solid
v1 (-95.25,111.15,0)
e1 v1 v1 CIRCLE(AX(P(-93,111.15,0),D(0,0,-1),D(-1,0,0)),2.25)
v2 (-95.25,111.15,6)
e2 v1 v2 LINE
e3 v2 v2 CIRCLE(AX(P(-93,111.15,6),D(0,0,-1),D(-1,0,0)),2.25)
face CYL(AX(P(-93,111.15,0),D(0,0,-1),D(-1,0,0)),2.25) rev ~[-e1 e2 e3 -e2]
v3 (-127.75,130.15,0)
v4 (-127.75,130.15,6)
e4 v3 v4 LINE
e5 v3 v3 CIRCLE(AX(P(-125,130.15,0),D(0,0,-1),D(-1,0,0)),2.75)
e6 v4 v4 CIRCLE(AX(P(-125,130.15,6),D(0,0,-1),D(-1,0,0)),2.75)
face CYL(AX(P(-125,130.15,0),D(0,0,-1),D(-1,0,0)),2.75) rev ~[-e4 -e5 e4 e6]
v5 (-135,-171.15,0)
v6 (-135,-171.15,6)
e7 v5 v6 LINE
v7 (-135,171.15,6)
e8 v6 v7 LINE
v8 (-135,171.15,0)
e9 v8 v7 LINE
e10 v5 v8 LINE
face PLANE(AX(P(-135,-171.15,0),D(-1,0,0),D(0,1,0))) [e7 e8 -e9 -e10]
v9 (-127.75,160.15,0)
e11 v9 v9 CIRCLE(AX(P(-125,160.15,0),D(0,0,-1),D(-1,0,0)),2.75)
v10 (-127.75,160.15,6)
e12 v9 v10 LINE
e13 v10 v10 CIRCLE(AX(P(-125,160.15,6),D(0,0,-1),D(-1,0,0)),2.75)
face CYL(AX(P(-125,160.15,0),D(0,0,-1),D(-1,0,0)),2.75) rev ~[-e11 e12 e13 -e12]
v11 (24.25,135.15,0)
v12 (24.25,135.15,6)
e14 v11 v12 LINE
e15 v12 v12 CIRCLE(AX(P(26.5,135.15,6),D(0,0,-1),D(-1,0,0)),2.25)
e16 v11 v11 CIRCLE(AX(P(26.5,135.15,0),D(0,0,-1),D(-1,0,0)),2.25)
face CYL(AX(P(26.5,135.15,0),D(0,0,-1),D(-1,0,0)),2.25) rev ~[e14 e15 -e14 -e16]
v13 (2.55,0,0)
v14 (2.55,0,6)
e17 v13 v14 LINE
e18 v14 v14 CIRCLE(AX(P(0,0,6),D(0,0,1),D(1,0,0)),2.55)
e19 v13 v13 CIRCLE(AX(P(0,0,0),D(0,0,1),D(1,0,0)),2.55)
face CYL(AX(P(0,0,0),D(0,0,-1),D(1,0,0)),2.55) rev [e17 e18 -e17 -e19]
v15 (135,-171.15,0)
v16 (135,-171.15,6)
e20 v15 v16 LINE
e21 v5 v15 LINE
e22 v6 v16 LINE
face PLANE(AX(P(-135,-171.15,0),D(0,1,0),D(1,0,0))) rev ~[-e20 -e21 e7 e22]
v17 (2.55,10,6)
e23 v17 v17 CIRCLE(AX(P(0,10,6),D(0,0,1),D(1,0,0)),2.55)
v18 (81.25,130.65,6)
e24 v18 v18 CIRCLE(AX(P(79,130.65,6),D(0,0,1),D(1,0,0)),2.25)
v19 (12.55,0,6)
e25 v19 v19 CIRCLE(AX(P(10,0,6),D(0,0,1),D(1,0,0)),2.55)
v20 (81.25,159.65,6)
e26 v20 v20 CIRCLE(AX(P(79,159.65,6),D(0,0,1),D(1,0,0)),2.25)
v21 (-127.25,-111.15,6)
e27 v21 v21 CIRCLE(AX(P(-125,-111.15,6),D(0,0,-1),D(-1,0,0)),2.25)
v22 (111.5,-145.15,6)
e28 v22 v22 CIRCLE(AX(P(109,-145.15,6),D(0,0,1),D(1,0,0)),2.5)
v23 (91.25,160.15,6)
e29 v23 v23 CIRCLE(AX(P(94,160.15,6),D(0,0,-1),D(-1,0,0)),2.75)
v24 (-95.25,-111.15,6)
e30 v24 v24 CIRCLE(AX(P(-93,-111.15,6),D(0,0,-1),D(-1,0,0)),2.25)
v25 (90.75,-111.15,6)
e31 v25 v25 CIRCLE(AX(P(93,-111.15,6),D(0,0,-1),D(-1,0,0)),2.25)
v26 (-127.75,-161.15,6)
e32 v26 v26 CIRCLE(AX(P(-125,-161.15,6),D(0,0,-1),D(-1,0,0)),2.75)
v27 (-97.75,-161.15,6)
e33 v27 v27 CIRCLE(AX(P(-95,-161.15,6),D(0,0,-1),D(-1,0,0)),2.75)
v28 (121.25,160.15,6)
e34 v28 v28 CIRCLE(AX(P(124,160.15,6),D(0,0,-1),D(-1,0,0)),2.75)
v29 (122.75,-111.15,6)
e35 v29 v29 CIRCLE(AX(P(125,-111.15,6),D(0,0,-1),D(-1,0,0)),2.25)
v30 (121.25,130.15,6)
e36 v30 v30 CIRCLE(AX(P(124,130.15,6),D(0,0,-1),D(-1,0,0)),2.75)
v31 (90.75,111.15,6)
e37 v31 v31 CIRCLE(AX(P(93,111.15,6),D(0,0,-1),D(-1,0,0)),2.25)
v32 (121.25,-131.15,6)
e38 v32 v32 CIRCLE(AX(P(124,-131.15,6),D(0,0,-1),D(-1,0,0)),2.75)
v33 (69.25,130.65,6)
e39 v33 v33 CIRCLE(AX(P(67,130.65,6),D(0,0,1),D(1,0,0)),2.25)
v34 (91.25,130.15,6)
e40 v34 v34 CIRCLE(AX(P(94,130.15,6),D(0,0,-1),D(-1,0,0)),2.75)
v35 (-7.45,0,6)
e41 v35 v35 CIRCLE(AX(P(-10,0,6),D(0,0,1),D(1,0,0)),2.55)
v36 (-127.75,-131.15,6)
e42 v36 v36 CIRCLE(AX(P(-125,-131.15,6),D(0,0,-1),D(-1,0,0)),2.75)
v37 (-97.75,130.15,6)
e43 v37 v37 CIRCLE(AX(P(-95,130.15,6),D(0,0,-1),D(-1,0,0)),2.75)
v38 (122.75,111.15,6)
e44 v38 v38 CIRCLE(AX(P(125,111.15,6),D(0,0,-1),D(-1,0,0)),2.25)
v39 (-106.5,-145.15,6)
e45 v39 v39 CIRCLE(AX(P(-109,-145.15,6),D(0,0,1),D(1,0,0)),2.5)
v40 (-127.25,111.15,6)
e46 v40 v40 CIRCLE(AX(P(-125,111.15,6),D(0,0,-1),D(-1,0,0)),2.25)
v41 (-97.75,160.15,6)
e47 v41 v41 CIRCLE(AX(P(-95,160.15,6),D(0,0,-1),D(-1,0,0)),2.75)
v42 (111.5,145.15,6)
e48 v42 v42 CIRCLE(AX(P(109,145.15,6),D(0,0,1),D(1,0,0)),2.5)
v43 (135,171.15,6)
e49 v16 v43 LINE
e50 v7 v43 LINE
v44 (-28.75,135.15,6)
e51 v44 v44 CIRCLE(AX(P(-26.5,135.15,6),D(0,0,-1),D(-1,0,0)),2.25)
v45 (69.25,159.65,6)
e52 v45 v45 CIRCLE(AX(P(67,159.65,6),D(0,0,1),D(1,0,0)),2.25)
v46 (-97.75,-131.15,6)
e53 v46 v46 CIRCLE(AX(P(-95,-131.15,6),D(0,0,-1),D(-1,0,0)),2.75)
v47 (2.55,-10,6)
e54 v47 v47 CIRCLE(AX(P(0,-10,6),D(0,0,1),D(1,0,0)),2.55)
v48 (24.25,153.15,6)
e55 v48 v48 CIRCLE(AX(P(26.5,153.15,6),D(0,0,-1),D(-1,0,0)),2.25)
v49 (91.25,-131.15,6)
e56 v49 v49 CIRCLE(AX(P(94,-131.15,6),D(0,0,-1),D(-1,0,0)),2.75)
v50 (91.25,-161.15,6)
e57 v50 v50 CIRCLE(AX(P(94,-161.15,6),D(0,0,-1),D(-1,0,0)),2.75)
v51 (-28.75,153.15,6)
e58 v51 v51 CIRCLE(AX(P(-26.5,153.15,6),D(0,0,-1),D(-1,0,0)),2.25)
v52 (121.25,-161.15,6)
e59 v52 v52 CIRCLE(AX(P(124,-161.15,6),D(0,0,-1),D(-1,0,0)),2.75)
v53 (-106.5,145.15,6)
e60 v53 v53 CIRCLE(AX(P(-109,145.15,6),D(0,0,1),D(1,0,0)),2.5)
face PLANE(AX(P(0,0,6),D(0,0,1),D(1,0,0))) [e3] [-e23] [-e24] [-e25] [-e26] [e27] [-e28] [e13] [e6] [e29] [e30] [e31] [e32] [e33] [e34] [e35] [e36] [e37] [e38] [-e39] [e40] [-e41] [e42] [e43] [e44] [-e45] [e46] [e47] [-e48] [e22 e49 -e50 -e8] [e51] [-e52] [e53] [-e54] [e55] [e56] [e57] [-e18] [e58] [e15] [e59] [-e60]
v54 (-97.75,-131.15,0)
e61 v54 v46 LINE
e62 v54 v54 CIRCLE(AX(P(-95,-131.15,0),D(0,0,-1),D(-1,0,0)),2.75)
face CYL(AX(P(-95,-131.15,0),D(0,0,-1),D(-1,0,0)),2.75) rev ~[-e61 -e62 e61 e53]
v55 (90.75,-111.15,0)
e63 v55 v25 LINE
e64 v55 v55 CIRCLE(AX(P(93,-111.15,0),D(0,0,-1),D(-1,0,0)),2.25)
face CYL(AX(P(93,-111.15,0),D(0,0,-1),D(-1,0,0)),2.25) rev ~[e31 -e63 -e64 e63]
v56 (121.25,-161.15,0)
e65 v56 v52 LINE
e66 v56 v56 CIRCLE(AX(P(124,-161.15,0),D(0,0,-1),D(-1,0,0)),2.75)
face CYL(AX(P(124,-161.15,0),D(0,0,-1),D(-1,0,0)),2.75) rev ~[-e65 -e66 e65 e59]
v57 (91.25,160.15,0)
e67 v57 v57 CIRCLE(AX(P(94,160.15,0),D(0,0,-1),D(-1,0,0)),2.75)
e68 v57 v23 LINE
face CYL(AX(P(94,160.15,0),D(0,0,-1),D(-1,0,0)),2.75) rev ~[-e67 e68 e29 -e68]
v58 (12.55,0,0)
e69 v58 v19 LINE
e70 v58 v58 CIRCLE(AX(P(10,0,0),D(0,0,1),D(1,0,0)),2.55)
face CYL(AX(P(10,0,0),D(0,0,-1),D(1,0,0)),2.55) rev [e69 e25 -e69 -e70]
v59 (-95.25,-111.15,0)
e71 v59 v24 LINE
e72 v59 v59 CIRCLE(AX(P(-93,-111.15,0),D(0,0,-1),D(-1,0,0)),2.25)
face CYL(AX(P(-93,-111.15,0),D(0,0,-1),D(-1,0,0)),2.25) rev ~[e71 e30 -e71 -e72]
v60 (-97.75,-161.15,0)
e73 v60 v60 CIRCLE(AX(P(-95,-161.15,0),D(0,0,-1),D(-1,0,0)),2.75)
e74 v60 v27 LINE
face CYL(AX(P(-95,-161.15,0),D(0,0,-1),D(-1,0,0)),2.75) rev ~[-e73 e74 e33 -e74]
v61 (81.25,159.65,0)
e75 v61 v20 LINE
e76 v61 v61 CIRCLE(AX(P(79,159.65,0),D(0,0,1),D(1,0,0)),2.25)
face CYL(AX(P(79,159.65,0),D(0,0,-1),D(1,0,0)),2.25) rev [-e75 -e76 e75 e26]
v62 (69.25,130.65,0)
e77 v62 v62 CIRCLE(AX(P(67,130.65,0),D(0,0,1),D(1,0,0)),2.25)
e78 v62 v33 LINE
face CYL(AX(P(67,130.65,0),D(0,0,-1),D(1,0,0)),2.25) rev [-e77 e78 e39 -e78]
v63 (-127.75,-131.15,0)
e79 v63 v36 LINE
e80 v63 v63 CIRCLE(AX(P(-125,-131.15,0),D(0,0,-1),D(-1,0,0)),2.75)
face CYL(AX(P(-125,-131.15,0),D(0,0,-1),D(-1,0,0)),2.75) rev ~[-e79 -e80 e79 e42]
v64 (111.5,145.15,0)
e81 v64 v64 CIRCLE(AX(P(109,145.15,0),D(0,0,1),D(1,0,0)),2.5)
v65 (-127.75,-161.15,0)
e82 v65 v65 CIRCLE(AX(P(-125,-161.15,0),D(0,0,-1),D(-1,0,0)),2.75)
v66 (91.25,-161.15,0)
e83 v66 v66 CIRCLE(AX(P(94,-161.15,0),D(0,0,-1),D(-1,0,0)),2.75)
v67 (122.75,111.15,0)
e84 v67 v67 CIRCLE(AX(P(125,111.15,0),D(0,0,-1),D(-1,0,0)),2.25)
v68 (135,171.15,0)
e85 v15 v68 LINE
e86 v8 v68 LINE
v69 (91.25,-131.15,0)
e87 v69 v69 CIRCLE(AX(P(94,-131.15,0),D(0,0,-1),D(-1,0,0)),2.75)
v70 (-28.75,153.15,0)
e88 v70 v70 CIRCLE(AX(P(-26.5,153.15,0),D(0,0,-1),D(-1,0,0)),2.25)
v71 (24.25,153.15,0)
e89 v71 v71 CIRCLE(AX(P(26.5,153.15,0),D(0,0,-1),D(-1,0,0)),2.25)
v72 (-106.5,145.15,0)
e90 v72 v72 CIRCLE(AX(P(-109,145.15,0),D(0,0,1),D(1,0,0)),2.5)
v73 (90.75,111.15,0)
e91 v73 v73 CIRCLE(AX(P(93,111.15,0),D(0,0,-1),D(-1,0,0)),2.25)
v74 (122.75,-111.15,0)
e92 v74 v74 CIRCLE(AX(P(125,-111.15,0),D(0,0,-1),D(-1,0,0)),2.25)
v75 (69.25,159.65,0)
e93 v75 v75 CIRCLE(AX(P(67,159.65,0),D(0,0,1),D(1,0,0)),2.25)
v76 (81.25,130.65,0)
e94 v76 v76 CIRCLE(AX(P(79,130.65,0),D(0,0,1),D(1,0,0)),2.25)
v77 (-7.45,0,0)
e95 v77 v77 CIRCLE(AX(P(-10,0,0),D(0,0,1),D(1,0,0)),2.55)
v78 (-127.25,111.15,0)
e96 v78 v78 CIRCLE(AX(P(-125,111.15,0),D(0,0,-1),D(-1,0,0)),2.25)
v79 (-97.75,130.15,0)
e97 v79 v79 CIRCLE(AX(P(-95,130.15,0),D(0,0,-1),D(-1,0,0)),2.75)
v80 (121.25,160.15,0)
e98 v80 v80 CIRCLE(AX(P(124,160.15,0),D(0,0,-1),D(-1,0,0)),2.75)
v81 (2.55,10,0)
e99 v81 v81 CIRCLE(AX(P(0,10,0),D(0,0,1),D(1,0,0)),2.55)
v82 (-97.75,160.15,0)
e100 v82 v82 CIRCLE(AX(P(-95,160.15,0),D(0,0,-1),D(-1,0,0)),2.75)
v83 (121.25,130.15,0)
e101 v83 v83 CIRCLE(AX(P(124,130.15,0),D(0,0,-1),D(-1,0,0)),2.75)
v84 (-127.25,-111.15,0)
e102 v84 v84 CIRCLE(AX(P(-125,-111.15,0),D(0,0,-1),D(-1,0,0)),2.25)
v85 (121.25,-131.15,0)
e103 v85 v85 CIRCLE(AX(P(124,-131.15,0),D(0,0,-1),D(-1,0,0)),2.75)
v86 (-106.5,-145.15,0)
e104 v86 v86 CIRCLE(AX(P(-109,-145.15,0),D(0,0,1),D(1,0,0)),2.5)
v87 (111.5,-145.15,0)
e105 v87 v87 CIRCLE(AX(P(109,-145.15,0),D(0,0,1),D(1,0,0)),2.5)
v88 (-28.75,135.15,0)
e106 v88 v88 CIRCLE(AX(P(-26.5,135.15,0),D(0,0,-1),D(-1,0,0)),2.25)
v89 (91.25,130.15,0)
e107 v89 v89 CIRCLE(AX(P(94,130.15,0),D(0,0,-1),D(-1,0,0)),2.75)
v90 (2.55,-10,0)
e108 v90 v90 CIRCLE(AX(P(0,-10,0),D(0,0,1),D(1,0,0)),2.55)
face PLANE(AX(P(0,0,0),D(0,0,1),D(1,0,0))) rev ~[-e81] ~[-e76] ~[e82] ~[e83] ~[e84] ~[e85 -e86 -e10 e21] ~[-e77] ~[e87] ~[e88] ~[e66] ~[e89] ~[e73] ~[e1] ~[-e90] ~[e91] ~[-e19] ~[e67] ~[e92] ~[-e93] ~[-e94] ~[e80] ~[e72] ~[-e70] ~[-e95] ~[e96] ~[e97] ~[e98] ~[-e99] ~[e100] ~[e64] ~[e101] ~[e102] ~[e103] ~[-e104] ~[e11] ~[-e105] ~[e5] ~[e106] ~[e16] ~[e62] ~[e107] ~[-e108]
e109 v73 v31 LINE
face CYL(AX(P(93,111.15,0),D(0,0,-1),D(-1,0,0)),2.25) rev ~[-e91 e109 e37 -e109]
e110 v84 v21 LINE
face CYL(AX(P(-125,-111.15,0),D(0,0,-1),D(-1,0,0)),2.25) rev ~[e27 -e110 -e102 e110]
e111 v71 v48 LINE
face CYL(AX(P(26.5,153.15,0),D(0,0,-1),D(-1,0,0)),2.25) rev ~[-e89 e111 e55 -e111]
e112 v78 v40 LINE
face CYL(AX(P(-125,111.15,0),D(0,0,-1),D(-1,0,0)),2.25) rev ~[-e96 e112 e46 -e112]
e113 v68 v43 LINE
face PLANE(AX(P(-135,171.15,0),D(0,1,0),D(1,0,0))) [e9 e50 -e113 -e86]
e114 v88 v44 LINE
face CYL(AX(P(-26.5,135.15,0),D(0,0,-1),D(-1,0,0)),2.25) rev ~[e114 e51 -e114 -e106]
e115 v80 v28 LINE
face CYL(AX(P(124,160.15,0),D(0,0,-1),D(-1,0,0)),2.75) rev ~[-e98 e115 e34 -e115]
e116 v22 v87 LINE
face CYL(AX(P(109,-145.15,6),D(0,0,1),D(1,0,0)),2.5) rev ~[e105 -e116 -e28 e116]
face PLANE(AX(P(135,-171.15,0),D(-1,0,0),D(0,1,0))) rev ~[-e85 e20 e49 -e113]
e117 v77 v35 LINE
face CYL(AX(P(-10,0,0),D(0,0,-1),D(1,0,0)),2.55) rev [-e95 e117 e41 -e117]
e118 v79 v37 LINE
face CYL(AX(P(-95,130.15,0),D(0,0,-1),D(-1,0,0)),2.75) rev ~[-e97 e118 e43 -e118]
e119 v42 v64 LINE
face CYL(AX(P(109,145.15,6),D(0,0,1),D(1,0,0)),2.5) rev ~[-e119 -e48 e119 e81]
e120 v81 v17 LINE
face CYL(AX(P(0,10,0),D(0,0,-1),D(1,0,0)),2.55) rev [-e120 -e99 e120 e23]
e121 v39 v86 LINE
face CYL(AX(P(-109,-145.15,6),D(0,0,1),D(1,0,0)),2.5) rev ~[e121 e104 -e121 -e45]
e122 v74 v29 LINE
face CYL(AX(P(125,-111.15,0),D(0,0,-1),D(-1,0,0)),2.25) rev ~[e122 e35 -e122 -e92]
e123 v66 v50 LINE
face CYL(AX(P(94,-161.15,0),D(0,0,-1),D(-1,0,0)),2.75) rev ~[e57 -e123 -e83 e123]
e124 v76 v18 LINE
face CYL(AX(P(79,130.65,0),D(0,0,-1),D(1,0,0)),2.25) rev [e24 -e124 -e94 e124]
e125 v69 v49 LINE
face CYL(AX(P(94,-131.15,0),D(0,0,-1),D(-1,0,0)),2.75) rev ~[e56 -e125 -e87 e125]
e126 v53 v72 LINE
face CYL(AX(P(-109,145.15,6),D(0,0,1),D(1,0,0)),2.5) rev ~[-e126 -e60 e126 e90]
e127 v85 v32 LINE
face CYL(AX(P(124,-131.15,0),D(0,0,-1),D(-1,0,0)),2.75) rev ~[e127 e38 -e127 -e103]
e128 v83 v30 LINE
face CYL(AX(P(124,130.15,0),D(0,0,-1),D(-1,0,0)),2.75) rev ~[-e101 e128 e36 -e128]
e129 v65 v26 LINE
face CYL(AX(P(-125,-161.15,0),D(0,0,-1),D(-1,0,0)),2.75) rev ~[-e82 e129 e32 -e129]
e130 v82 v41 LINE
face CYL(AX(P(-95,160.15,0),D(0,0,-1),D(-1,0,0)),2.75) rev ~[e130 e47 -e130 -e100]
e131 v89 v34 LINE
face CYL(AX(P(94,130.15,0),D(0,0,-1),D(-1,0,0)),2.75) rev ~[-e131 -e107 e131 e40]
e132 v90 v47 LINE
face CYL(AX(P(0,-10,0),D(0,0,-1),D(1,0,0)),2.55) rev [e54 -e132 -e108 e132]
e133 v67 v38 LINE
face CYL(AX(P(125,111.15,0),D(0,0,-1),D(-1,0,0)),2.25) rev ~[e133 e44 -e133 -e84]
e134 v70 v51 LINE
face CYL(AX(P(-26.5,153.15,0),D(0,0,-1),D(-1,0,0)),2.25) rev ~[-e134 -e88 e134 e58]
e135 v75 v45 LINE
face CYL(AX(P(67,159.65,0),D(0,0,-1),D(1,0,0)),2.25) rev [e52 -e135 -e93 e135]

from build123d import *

# Parameters (mm, degrees)
SKETCH_3_W                  = 270
SKETCH_3_H                  = 342.3
SKETCH_3_R                  = 2.55
SKETCH_3_R_2                = 2.25
EXTRUDE_1_DEPTH             = 6
SKETCH_4_R                  = 2.5
CUT_EXTRUDE_1_DEPTH         = 219.06724307
PATTERN_LINEAR_1_COUNT      = 2
PATTERN_LINEAR_1_PITCH      = 218
PATTERN_LINEAR_1_COUNT_DIR2 = 2
PATTERN_LINEAR_1_PITCH_DIR2 = 290.3
SKETCH_7_R                  = 2.25
CUT_EXTRUDE_2_DEPTH         = 219.06724307
SKETCH_8_R                  = 2.25
CUT_EXTRUDE_3_DEPTH         = 219.06724307
PATTERN_LINEAR_2_COUNT      = 2
PATTERN_LINEAR_2_PITCH      = 222.3
PATTERN_LINEAR_2_COUNT_DIR2 = 2
PATTERN_LINEAR_2_PITCH_DIR2 = 218
SKETCH_10_R                 = 2.75
CUT_EXTRUDE_4_DEPTH         = 219.06724307
PATTERN_LINEAR_3_COUNT      = 2
PATTERN_LINEAR_3_PITCH      = 219
PATTERN_LINEAR_3_COUNT_DIR2 = 2
PATTERN_LINEAR_3_PITCH_DIR2 = 291.3


with BuildPart() as part:
    # Эскиз3 → Бобышка-Вытянуть1 (new body)
    with BuildSketch(Plane.XY):
        Rectangle(SKETCH_3_W, SKETCH_3_H)
        Circle(SKETCH_3_R, mode=Mode.SUBTRACT)
        with Locations((0, 10)):
            Circle(SKETCH_3_R, mode=Mode.SUBTRACT)
        with Locations((10, 0)):
            Circle(SKETCH_3_R, mode=Mode.SUBTRACT)
        with Locations((0, -10)):
            Circle(SKETCH_3_R, mode=Mode.SUBTRACT)
        with Locations((-10, 0)):
            Circle(SKETCH_3_R, mode=Mode.SUBTRACT)
        with Locations((67, 159.65)):
            Circle(SKETCH_3_R_2, mode=Mode.SUBTRACT)
        with Locations((79, 159.65)):
            Circle(SKETCH_3_R_2, mode=Mode.SUBTRACT)
        with Locations((67, 130.65)):
            Circle(SKETCH_3_R_2, mode=Mode.SUBTRACT)
        with Locations((79, 130.65)):
            Circle(SKETCH_3_R_2, mode=Mode.SUBTRACT)
    extrude(amount=EXTRUDE_1_DEPTH)

    # Эскиз4 → Вырез-Вытянуть1 (cut, through all)
    with BuildSketch(Plane.XY.offset(6)):
        with Locations((-109, 145.15)):
            Circle(SKETCH_4_R)
    cut_extrude_1 = extrude(amount=-CUT_EXTRUDE_1_DEPTH, mode=Mode.SUBTRACT)

    # Линейный массив1: Cut-Extrude 1 2 × 2
    with Locations(*[(i * PATTERN_LINEAR_1_PITCH, -j * PATTERN_LINEAR_1_PITCH_DIR2, 0) for i in range(PATTERN_LINEAR_1_COUNT) for j in range(PATTERN_LINEAR_1_COUNT_DIR2) if (i, j) != (0, 0)]):
        add(cut_extrude_1, mode=Mode.SUBTRACT)

    # Эскиз7 → Вырез-Вытянуть2 (cut, through all)
    with BuildSketch(Plane(origin=(0, 0, 0), x_dir=(-1, 0, 0), z_dir=(0, 0, -1))):
        with Locations((-26.5, 153.15)):
            Circle(SKETCH_7_R)
        with Locations((26.5, 153.15)):
            Circle(SKETCH_7_R)
        with Locations((-26.5, 135.15)):
            Circle(SKETCH_7_R)
        with Locations((26.5, 135.15)):
            Circle(SKETCH_7_R)
    extrude(amount=-CUT_EXTRUDE_2_DEPTH, mode=Mode.SUBTRACT)

    # Эскиз8 → Вырез-Вытянуть3 (cut, through all)
    with BuildSketch(Plane(origin=(0, 0, 0), x_dir=(-1, 0, 0), z_dir=(0, 0, -1))):
        with Locations((93, 111.15)):
            Circle(SKETCH_8_R)
        with Locations((125, 111.15)):
            Circle(SKETCH_8_R)
    cut_extrude_3 = extrude(amount=-CUT_EXTRUDE_3_DEPTH, mode=Mode.SUBTRACT)

    # Линейный массив2: Cut-Extrude 3 2 × 2
    with Locations(*[(j * PATTERN_LINEAR_2_PITCH_DIR2, -i * PATTERN_LINEAR_2_PITCH, 0) for i in range(PATTERN_LINEAR_2_COUNT) for j in range(PATTERN_LINEAR_2_COUNT_DIR2) if (i, j) != (0, 0)]):
        add(cut_extrude_3, mode=Mode.SUBTRACT)

    # Эскиз10 → Вырез-Вытянуть4 (cut, through all)
    with BuildSketch(Plane(origin=(0, 0, 0), x_dir=(-1, 0, 0), z_dir=(0, 0, -1))):
        with Locations((-124, 160.15)):
            Circle(SKETCH_10_R)
        with Locations((-94, 160.15)):
            Circle(SKETCH_10_R)
        with Locations((-94, 130.15)):
            Circle(SKETCH_10_R)
        with Locations((-124, 130.15)):
            Circle(SKETCH_10_R)
    cut_extrude_4 = extrude(amount=-CUT_EXTRUDE_4_DEPTH, mode=Mode.SUBTRACT)

    # Линейный массив3: Cut-Extrude 4 2 × 2
    with Locations(*[(-i * PATTERN_LINEAR_3_PITCH, -j * PATTERN_LINEAR_3_PITCH_DIR2, 0) for i in range(PATTERN_LINEAR_3_COUNT) for j in range(PATTERN_LINEAR_3_COUNT_DIR2) if (i, j) != (0, 0)]):
        add(cut_extrude_4, mode=Mode.SUBTRACT)


solid = part.part
